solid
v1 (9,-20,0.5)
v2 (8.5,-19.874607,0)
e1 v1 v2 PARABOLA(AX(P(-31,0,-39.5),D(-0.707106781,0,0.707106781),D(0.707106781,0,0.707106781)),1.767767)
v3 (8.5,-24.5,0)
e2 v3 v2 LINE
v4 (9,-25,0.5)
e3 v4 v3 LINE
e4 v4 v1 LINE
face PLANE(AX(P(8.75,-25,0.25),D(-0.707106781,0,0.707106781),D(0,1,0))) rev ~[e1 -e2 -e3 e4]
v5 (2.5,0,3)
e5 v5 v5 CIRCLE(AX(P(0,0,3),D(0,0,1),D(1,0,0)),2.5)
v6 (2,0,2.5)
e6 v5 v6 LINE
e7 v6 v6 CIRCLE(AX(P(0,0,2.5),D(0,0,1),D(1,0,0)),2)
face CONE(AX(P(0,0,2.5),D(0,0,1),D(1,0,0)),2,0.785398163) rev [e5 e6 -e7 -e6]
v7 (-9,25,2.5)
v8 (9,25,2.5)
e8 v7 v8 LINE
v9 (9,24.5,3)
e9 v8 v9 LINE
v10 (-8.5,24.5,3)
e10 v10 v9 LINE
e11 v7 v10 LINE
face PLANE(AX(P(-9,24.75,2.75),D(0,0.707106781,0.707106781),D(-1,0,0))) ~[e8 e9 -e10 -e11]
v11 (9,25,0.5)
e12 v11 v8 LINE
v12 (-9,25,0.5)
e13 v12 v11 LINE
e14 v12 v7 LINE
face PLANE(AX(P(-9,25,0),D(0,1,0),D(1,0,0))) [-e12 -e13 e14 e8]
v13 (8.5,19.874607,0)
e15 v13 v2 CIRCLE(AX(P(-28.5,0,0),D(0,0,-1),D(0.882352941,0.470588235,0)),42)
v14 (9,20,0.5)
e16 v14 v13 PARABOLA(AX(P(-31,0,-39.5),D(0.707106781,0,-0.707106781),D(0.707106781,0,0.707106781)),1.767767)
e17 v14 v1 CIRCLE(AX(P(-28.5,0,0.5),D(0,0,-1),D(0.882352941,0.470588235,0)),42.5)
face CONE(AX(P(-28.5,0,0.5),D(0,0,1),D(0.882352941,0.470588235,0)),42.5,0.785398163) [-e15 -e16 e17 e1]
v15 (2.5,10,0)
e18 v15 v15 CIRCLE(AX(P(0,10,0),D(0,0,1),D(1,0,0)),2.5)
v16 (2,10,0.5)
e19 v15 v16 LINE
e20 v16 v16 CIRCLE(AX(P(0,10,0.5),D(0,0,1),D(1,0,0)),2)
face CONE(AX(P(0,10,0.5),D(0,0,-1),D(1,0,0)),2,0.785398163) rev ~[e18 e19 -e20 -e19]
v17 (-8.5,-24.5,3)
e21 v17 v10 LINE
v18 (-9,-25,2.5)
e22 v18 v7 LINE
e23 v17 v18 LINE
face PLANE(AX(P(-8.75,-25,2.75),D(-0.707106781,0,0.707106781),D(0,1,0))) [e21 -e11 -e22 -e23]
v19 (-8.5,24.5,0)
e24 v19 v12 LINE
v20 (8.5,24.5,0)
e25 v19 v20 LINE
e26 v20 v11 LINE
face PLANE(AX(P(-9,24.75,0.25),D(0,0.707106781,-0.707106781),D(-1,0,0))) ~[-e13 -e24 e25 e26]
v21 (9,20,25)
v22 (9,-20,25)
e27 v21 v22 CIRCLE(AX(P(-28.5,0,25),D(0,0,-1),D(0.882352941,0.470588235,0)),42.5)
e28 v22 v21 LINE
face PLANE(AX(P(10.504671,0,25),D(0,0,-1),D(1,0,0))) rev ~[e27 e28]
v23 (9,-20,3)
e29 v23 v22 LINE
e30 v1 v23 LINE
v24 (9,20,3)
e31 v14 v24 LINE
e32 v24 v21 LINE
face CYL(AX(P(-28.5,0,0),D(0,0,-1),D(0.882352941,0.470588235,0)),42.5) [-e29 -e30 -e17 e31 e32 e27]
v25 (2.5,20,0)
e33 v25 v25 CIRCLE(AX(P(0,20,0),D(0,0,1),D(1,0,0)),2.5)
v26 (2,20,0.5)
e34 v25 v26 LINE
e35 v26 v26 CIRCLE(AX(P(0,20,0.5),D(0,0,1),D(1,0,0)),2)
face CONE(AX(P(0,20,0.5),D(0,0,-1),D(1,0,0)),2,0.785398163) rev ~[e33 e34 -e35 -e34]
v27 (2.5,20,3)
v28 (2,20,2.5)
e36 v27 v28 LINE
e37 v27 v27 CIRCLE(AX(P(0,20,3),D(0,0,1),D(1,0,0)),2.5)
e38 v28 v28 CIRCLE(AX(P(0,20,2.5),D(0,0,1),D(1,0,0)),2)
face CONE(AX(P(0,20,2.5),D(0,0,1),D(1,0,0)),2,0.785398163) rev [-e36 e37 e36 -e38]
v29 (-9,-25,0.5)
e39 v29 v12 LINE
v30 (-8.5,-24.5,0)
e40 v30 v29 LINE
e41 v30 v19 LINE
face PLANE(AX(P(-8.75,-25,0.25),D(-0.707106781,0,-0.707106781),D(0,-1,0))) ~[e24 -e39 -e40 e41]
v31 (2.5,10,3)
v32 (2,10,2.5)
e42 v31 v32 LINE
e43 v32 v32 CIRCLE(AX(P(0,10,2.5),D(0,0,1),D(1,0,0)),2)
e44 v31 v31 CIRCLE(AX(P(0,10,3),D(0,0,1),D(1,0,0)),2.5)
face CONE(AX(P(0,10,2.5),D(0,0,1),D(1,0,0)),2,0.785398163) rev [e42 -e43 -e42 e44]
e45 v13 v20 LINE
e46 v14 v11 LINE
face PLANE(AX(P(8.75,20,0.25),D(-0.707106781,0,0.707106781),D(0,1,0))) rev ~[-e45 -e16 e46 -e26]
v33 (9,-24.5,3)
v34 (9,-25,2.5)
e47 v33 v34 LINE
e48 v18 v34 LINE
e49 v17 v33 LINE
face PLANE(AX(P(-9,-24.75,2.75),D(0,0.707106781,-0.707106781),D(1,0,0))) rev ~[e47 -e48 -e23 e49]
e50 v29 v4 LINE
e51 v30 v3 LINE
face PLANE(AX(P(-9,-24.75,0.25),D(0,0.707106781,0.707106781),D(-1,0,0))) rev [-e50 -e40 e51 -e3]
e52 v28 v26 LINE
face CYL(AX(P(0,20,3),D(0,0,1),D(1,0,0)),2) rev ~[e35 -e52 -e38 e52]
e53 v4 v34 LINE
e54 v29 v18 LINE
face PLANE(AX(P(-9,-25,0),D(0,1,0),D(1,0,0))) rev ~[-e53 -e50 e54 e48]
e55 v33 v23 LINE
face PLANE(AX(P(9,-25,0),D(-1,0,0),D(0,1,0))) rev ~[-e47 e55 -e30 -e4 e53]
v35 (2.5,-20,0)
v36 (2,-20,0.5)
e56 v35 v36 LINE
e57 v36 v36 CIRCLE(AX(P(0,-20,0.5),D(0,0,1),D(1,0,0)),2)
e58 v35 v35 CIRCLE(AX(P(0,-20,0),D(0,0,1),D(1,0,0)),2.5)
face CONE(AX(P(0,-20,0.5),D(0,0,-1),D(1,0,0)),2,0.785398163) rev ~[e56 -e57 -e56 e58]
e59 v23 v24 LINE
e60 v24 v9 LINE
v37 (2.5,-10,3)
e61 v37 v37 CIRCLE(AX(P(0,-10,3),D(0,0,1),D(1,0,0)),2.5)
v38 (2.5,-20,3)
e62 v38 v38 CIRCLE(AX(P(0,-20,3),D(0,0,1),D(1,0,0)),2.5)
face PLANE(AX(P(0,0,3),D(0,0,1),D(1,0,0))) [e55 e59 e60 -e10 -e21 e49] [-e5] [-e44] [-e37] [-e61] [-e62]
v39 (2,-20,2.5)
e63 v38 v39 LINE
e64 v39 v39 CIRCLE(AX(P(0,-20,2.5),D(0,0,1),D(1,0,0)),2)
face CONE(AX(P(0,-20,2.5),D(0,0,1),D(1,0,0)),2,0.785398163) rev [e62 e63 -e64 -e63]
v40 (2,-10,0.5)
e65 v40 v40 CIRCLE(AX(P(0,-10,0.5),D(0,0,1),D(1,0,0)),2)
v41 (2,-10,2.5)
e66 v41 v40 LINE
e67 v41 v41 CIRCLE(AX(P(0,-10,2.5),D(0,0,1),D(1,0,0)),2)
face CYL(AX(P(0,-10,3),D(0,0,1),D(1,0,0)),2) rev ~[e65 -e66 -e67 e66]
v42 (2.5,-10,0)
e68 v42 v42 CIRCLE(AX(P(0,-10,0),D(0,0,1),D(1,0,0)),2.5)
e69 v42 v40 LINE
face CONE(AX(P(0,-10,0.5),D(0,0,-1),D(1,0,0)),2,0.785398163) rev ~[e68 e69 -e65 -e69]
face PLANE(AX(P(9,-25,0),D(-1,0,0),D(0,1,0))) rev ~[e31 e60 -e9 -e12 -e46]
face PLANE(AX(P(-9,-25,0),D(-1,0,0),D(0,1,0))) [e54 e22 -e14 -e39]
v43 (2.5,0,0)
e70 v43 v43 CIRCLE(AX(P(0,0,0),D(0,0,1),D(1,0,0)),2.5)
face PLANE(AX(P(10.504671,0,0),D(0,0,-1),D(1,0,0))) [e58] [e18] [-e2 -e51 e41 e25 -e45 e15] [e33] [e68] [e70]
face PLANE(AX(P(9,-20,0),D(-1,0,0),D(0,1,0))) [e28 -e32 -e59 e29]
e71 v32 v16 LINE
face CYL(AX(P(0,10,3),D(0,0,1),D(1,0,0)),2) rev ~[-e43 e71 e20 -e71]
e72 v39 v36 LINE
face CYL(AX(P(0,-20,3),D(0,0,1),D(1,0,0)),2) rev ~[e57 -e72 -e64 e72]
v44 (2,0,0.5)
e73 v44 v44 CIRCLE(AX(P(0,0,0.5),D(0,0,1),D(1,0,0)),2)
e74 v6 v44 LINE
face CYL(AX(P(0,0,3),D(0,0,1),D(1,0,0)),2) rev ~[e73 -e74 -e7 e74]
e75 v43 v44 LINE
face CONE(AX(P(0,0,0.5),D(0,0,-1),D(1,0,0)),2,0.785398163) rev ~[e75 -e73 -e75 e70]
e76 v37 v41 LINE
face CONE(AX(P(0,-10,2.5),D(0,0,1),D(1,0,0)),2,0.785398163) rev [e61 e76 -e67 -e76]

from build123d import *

# Parameters (mm, degrees)
SKETCH_W     = 18
SKETCH_H     = 50
PAD_DEPTH    = 3
SKETCH002_R  = 2
POCKET_DEPTH = 5
PAD001_DEPTH = 25
CHAMFER_SIZE = 0.5


with BuildPart() as part:
    # Sketch → Pad (new body)
    with BuildSketch(Plane.XY):
        Rectangle(SKETCH_W, SKETCH_H)
    extrude(amount=PAD_DEPTH)

    # Sketch002 → Pocket (cut)
    with BuildSketch(Plane.XY.offset(3)):
        with Locations((0, 10)):
            Circle(SKETCH002_R)
        with Locations((0, -10)):
            Circle(SKETCH002_R)
        with Locations((0, 20)):
            Circle(SKETCH002_R)
        Circle(SKETCH002_R)
        with Locations((0, -20)):
            Circle(SKETCH002_R)
    extrude(amount=-POCKET_DEPTH, mode=Mode.SUBTRACT)

    # Sketch003 (on Face4 of Pocket) → Pad001 (join)
    with BuildSketch(Plane(origin=(0, 0, 0), x_dir=(1, 0, 0), z_dir=(0, 0, -1))):
        with BuildLine():
            ThreePointArc((9, -20), (14, 0), (9, 20))
            Line((9, 20), (9, -20))
        make_face()
    extrude(amount=-PAD001_DEPTH)

    # Chamfer
    chamfer_edges = [part.edges().sort_by_distance(p)[0] for p in [
        (0, 25, 0),
        (9, 22.5, 0),
        (14, 0, 0),
        (9, -22.5, 0),
        (0, -25, 0),
        (-9, 0, 0),
        (-2, -20, 0),
        (-2, 20, 0),
        (-2, -10, 0),
        (-2, 0, 0),
        (-2, 10, 0),
        (0, 25, 3),
        (-9, 0, 3),
        (0, -25, 3),
        (-2, 20, 3),
        (-2, 10, 3),
        (-2, 0, 3),
        (-2, -10, 3),
        (-2, -20, 3),
    ]]
    chamfer(chamfer_edges, length=CHAMFER_SIZE)


solid = part.part
